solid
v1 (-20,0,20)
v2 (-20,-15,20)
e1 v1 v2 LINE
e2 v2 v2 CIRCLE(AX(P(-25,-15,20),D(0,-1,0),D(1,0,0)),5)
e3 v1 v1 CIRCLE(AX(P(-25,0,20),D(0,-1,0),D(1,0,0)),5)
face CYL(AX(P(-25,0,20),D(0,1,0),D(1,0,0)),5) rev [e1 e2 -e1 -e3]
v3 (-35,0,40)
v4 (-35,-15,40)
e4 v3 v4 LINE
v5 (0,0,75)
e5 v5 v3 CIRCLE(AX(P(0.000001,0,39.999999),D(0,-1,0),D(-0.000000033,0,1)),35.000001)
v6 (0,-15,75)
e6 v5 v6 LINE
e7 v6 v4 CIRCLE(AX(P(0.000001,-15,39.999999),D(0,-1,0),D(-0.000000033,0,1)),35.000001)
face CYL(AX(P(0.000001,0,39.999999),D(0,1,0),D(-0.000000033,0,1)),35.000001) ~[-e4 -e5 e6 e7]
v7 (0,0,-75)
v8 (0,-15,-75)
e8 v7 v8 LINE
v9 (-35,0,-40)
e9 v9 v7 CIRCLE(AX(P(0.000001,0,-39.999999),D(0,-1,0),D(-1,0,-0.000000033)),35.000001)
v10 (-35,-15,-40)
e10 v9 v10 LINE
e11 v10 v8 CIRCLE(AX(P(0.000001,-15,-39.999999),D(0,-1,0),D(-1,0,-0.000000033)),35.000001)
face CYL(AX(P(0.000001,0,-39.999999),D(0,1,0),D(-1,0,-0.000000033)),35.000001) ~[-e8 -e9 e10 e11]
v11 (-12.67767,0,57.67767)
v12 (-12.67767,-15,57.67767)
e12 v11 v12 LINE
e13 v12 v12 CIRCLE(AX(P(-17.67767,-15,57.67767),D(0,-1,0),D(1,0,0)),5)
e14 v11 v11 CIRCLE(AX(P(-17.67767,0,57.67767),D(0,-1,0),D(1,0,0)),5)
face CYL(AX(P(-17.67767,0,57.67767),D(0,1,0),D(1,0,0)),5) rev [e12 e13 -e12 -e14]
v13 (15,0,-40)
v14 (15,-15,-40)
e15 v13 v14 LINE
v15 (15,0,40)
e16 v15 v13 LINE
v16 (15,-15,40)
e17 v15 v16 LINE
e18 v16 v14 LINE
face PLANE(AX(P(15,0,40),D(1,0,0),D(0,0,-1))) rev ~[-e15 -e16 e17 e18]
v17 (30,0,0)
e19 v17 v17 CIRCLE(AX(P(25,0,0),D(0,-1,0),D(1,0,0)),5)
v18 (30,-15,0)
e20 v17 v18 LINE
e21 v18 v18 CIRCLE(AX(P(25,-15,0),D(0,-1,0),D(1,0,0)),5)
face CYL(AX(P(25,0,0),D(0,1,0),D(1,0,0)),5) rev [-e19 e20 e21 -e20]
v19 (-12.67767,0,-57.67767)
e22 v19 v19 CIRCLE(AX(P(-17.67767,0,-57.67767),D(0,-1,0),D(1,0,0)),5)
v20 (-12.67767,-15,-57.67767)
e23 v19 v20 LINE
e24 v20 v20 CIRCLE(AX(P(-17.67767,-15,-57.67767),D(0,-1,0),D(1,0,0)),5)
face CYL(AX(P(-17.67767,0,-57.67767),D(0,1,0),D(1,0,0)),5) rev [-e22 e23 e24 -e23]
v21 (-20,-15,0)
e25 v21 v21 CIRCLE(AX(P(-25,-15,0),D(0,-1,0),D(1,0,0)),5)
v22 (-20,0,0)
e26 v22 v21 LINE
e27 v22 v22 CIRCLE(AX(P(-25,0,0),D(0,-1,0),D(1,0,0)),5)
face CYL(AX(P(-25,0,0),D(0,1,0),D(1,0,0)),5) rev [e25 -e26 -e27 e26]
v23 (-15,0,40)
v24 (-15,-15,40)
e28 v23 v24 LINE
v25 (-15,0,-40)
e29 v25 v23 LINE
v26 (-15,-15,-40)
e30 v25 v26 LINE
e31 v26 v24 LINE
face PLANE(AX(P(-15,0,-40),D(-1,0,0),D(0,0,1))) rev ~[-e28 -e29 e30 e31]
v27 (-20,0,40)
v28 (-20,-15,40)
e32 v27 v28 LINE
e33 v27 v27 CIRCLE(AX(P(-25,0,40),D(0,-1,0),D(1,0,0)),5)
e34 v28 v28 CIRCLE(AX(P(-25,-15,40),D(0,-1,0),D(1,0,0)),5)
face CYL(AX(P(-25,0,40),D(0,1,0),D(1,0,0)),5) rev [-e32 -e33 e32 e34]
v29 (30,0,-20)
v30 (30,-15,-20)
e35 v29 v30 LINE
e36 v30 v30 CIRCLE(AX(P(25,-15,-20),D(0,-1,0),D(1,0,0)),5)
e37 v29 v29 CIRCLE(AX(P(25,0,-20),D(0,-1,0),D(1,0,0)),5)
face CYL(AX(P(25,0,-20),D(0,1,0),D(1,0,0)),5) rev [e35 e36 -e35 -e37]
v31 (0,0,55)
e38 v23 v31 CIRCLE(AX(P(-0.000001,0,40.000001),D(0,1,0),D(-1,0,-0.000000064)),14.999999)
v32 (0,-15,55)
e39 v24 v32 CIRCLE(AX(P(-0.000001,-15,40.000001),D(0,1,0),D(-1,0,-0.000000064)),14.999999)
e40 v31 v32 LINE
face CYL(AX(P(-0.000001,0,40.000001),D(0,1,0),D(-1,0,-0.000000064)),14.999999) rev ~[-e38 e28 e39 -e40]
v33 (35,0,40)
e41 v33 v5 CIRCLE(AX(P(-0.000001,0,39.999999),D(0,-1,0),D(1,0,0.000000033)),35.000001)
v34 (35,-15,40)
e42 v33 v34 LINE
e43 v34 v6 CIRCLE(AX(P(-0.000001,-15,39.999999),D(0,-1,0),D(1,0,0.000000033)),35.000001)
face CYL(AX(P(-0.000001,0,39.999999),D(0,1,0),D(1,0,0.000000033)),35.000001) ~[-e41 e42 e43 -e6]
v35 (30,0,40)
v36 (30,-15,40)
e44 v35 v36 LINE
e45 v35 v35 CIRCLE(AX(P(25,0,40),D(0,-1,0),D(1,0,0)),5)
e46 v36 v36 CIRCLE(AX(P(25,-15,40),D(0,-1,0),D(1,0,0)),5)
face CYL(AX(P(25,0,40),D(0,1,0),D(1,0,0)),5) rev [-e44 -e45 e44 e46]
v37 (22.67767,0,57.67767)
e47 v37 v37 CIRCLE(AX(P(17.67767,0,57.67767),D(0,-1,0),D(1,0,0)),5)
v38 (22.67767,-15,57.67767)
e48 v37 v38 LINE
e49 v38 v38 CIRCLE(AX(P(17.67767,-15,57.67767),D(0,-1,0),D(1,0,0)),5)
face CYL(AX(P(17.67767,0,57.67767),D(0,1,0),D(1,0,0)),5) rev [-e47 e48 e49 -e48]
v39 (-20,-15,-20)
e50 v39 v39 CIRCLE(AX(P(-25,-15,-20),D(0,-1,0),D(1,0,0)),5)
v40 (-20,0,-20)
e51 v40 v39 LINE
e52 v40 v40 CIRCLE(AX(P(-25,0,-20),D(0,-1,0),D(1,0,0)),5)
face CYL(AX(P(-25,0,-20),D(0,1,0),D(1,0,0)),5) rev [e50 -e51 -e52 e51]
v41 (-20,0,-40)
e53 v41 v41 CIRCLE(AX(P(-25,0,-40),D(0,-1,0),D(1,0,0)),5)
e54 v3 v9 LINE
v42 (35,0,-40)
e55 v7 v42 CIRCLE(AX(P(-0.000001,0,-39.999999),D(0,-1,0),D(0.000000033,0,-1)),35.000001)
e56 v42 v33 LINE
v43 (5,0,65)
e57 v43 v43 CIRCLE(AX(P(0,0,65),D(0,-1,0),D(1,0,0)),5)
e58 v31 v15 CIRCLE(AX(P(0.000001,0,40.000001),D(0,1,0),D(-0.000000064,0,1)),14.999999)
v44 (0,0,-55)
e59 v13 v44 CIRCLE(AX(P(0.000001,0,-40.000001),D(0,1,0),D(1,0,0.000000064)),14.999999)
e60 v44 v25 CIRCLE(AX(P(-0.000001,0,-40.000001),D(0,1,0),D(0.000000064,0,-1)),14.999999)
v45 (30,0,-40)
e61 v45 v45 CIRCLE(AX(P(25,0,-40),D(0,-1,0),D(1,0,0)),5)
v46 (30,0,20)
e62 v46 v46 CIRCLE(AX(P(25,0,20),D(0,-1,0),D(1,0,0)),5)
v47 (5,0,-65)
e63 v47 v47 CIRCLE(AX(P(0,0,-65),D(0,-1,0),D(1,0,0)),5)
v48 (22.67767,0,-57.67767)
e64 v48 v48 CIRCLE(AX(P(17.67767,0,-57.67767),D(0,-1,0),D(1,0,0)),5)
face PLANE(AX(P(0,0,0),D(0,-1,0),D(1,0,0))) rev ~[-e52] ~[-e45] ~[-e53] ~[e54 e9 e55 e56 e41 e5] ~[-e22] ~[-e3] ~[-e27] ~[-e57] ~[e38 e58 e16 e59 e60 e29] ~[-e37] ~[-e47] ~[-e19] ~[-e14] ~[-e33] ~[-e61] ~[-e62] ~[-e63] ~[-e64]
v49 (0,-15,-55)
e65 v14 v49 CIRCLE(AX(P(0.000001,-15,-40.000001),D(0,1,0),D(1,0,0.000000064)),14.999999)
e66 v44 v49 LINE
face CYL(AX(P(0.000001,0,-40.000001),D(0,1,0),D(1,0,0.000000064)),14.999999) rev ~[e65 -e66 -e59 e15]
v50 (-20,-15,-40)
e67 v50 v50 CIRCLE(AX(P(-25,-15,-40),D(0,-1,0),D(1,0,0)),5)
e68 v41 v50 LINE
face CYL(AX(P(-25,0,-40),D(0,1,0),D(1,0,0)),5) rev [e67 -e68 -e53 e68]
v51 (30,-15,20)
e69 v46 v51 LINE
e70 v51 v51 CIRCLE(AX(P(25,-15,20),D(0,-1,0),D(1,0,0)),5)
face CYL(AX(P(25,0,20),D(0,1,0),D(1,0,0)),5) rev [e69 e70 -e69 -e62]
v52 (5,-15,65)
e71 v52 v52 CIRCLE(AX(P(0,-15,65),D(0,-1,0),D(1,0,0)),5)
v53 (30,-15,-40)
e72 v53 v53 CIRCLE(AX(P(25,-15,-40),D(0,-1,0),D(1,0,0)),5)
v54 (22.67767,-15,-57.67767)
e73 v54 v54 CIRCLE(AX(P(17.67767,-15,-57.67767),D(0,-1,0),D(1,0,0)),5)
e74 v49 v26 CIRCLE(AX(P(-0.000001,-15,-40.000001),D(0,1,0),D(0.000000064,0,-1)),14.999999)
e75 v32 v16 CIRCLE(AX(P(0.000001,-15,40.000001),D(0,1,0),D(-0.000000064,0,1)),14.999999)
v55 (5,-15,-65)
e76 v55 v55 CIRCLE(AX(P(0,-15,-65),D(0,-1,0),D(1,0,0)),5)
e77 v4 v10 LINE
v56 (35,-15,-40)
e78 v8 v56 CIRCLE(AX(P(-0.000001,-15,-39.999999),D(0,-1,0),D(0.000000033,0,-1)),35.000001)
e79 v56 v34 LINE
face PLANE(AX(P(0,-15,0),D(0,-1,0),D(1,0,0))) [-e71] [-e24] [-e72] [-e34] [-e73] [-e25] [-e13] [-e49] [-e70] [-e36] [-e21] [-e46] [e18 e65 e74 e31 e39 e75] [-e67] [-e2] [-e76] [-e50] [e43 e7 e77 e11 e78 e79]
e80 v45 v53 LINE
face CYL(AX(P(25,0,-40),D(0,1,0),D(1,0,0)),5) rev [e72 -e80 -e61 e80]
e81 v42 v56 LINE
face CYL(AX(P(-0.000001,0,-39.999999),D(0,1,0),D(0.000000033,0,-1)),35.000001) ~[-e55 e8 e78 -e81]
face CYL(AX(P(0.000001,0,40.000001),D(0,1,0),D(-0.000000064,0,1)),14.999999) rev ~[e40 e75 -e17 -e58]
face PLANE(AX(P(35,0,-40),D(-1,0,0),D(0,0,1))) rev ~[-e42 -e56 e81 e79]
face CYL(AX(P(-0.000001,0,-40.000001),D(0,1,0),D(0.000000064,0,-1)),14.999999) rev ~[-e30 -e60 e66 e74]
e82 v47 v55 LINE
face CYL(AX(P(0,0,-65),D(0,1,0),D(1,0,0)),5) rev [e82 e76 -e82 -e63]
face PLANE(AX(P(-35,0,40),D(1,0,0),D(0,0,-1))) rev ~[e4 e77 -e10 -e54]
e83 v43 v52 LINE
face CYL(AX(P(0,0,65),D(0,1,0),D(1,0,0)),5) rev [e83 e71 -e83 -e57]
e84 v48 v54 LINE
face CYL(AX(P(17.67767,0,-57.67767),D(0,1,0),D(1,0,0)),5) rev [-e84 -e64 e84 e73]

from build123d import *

# Parameters (mm, degrees)
F0_R     = 5
F1_DEPTH = 15


with BuildPart() as f1:
    # F0 (on Front) → F1 (new body)
    with BuildSketch(Plane.XZ):
        with BuildLine():
            ThreePointArc((0, 75), (-24.748737, 64.748737), (-35, 40))
            Line((-35, 40), (-35, 0))
            Line((-35, 0), (-35, -40))
            ThreePointArc((-35, -40), (-24.748737, -64.748737), (0, -75))
            ThreePointArc((0, -75), (24.748737, -64.748737), (35, -40))
            Line((35, -40), (35, 0))
            Line((35, 0), (35, 40))
            ThreePointArc((35, 40), (24.748737, 64.748737), (0, 75))
        make_face()
        with Locations((-17.67767, -57.67767)):
            Circle(F0_R, mode=Mode.SUBTRACT)
        with Locations((-25, -40)):
            Circle(F0_R, mode=Mode.SUBTRACT)
        with Locations((-25, -20)):
            Circle(F0_R, mode=Mode.SUBTRACT)
        with Locations((0, -65)):
            Circle(F0_R, mode=Mode.SUBTRACT)
        with Locations((17.67767, -57.67767)):
            Circle(F0_R, mode=Mode.SUBTRACT)
        with Locations((25, -40)):
            Circle(F0_R, mode=Mode.SUBTRACT)
        with Locations((25, -20)):
            Circle(F0_R, mode=Mode.SUBTRACT)
        with Locations((-25, 0)):
            Circle(F0_R, mode=Mode.SUBTRACT)
        with Locations((-25, 20)):
            Circle(F0_R, mode=Mode.SUBTRACT)
        with Locations((-25, 40)):
            Circle(F0_R, mode=Mode.SUBTRACT)
        with Locations((-17.67767, 57.67767)):
            Circle(F0_R, mode=Mode.SUBTRACT)
        with BuildLine():
            ThreePointArc((-15, 40), (-10.606602, 50.606602), (0, 55))
            ThreePointArc((0, 55), (10.606602, 50.606602), (15, 40))
            Line((15, 40), (15, 0))
            Line((15, 0), (15, -40))
            ThreePointArc((15, -40), (10.606602, -50.606602), (0, -55))
            ThreePointArc((0, -55), (-10.606602, -50.606602), (-15, -40))
            Line((-15, -40), (-15, 0))
            Line((-15, 0), (-15, 40))
        make_face(mode=Mode.SUBTRACT)
        with Locations((25, 0)):
            Circle(F0_R, mode=Mode.SUBTRACT)
        with Locations((25, 20)):
            Circle(F0_R, mode=Mode.SUBTRACT)
        with Locations((0, 65)):
            Circle(F0_R, mode=Mode.SUBTRACT)
        with Locations((25, 40)):
            Circle(F0_R, mode=Mode.SUBTRACT)
        with Locations((17.67767, 57.67767)):
            Circle(F0_R, mode=Mode.SUBTRACT)
    extrude(amount=F1_DEPTH)


solid = f1.part
